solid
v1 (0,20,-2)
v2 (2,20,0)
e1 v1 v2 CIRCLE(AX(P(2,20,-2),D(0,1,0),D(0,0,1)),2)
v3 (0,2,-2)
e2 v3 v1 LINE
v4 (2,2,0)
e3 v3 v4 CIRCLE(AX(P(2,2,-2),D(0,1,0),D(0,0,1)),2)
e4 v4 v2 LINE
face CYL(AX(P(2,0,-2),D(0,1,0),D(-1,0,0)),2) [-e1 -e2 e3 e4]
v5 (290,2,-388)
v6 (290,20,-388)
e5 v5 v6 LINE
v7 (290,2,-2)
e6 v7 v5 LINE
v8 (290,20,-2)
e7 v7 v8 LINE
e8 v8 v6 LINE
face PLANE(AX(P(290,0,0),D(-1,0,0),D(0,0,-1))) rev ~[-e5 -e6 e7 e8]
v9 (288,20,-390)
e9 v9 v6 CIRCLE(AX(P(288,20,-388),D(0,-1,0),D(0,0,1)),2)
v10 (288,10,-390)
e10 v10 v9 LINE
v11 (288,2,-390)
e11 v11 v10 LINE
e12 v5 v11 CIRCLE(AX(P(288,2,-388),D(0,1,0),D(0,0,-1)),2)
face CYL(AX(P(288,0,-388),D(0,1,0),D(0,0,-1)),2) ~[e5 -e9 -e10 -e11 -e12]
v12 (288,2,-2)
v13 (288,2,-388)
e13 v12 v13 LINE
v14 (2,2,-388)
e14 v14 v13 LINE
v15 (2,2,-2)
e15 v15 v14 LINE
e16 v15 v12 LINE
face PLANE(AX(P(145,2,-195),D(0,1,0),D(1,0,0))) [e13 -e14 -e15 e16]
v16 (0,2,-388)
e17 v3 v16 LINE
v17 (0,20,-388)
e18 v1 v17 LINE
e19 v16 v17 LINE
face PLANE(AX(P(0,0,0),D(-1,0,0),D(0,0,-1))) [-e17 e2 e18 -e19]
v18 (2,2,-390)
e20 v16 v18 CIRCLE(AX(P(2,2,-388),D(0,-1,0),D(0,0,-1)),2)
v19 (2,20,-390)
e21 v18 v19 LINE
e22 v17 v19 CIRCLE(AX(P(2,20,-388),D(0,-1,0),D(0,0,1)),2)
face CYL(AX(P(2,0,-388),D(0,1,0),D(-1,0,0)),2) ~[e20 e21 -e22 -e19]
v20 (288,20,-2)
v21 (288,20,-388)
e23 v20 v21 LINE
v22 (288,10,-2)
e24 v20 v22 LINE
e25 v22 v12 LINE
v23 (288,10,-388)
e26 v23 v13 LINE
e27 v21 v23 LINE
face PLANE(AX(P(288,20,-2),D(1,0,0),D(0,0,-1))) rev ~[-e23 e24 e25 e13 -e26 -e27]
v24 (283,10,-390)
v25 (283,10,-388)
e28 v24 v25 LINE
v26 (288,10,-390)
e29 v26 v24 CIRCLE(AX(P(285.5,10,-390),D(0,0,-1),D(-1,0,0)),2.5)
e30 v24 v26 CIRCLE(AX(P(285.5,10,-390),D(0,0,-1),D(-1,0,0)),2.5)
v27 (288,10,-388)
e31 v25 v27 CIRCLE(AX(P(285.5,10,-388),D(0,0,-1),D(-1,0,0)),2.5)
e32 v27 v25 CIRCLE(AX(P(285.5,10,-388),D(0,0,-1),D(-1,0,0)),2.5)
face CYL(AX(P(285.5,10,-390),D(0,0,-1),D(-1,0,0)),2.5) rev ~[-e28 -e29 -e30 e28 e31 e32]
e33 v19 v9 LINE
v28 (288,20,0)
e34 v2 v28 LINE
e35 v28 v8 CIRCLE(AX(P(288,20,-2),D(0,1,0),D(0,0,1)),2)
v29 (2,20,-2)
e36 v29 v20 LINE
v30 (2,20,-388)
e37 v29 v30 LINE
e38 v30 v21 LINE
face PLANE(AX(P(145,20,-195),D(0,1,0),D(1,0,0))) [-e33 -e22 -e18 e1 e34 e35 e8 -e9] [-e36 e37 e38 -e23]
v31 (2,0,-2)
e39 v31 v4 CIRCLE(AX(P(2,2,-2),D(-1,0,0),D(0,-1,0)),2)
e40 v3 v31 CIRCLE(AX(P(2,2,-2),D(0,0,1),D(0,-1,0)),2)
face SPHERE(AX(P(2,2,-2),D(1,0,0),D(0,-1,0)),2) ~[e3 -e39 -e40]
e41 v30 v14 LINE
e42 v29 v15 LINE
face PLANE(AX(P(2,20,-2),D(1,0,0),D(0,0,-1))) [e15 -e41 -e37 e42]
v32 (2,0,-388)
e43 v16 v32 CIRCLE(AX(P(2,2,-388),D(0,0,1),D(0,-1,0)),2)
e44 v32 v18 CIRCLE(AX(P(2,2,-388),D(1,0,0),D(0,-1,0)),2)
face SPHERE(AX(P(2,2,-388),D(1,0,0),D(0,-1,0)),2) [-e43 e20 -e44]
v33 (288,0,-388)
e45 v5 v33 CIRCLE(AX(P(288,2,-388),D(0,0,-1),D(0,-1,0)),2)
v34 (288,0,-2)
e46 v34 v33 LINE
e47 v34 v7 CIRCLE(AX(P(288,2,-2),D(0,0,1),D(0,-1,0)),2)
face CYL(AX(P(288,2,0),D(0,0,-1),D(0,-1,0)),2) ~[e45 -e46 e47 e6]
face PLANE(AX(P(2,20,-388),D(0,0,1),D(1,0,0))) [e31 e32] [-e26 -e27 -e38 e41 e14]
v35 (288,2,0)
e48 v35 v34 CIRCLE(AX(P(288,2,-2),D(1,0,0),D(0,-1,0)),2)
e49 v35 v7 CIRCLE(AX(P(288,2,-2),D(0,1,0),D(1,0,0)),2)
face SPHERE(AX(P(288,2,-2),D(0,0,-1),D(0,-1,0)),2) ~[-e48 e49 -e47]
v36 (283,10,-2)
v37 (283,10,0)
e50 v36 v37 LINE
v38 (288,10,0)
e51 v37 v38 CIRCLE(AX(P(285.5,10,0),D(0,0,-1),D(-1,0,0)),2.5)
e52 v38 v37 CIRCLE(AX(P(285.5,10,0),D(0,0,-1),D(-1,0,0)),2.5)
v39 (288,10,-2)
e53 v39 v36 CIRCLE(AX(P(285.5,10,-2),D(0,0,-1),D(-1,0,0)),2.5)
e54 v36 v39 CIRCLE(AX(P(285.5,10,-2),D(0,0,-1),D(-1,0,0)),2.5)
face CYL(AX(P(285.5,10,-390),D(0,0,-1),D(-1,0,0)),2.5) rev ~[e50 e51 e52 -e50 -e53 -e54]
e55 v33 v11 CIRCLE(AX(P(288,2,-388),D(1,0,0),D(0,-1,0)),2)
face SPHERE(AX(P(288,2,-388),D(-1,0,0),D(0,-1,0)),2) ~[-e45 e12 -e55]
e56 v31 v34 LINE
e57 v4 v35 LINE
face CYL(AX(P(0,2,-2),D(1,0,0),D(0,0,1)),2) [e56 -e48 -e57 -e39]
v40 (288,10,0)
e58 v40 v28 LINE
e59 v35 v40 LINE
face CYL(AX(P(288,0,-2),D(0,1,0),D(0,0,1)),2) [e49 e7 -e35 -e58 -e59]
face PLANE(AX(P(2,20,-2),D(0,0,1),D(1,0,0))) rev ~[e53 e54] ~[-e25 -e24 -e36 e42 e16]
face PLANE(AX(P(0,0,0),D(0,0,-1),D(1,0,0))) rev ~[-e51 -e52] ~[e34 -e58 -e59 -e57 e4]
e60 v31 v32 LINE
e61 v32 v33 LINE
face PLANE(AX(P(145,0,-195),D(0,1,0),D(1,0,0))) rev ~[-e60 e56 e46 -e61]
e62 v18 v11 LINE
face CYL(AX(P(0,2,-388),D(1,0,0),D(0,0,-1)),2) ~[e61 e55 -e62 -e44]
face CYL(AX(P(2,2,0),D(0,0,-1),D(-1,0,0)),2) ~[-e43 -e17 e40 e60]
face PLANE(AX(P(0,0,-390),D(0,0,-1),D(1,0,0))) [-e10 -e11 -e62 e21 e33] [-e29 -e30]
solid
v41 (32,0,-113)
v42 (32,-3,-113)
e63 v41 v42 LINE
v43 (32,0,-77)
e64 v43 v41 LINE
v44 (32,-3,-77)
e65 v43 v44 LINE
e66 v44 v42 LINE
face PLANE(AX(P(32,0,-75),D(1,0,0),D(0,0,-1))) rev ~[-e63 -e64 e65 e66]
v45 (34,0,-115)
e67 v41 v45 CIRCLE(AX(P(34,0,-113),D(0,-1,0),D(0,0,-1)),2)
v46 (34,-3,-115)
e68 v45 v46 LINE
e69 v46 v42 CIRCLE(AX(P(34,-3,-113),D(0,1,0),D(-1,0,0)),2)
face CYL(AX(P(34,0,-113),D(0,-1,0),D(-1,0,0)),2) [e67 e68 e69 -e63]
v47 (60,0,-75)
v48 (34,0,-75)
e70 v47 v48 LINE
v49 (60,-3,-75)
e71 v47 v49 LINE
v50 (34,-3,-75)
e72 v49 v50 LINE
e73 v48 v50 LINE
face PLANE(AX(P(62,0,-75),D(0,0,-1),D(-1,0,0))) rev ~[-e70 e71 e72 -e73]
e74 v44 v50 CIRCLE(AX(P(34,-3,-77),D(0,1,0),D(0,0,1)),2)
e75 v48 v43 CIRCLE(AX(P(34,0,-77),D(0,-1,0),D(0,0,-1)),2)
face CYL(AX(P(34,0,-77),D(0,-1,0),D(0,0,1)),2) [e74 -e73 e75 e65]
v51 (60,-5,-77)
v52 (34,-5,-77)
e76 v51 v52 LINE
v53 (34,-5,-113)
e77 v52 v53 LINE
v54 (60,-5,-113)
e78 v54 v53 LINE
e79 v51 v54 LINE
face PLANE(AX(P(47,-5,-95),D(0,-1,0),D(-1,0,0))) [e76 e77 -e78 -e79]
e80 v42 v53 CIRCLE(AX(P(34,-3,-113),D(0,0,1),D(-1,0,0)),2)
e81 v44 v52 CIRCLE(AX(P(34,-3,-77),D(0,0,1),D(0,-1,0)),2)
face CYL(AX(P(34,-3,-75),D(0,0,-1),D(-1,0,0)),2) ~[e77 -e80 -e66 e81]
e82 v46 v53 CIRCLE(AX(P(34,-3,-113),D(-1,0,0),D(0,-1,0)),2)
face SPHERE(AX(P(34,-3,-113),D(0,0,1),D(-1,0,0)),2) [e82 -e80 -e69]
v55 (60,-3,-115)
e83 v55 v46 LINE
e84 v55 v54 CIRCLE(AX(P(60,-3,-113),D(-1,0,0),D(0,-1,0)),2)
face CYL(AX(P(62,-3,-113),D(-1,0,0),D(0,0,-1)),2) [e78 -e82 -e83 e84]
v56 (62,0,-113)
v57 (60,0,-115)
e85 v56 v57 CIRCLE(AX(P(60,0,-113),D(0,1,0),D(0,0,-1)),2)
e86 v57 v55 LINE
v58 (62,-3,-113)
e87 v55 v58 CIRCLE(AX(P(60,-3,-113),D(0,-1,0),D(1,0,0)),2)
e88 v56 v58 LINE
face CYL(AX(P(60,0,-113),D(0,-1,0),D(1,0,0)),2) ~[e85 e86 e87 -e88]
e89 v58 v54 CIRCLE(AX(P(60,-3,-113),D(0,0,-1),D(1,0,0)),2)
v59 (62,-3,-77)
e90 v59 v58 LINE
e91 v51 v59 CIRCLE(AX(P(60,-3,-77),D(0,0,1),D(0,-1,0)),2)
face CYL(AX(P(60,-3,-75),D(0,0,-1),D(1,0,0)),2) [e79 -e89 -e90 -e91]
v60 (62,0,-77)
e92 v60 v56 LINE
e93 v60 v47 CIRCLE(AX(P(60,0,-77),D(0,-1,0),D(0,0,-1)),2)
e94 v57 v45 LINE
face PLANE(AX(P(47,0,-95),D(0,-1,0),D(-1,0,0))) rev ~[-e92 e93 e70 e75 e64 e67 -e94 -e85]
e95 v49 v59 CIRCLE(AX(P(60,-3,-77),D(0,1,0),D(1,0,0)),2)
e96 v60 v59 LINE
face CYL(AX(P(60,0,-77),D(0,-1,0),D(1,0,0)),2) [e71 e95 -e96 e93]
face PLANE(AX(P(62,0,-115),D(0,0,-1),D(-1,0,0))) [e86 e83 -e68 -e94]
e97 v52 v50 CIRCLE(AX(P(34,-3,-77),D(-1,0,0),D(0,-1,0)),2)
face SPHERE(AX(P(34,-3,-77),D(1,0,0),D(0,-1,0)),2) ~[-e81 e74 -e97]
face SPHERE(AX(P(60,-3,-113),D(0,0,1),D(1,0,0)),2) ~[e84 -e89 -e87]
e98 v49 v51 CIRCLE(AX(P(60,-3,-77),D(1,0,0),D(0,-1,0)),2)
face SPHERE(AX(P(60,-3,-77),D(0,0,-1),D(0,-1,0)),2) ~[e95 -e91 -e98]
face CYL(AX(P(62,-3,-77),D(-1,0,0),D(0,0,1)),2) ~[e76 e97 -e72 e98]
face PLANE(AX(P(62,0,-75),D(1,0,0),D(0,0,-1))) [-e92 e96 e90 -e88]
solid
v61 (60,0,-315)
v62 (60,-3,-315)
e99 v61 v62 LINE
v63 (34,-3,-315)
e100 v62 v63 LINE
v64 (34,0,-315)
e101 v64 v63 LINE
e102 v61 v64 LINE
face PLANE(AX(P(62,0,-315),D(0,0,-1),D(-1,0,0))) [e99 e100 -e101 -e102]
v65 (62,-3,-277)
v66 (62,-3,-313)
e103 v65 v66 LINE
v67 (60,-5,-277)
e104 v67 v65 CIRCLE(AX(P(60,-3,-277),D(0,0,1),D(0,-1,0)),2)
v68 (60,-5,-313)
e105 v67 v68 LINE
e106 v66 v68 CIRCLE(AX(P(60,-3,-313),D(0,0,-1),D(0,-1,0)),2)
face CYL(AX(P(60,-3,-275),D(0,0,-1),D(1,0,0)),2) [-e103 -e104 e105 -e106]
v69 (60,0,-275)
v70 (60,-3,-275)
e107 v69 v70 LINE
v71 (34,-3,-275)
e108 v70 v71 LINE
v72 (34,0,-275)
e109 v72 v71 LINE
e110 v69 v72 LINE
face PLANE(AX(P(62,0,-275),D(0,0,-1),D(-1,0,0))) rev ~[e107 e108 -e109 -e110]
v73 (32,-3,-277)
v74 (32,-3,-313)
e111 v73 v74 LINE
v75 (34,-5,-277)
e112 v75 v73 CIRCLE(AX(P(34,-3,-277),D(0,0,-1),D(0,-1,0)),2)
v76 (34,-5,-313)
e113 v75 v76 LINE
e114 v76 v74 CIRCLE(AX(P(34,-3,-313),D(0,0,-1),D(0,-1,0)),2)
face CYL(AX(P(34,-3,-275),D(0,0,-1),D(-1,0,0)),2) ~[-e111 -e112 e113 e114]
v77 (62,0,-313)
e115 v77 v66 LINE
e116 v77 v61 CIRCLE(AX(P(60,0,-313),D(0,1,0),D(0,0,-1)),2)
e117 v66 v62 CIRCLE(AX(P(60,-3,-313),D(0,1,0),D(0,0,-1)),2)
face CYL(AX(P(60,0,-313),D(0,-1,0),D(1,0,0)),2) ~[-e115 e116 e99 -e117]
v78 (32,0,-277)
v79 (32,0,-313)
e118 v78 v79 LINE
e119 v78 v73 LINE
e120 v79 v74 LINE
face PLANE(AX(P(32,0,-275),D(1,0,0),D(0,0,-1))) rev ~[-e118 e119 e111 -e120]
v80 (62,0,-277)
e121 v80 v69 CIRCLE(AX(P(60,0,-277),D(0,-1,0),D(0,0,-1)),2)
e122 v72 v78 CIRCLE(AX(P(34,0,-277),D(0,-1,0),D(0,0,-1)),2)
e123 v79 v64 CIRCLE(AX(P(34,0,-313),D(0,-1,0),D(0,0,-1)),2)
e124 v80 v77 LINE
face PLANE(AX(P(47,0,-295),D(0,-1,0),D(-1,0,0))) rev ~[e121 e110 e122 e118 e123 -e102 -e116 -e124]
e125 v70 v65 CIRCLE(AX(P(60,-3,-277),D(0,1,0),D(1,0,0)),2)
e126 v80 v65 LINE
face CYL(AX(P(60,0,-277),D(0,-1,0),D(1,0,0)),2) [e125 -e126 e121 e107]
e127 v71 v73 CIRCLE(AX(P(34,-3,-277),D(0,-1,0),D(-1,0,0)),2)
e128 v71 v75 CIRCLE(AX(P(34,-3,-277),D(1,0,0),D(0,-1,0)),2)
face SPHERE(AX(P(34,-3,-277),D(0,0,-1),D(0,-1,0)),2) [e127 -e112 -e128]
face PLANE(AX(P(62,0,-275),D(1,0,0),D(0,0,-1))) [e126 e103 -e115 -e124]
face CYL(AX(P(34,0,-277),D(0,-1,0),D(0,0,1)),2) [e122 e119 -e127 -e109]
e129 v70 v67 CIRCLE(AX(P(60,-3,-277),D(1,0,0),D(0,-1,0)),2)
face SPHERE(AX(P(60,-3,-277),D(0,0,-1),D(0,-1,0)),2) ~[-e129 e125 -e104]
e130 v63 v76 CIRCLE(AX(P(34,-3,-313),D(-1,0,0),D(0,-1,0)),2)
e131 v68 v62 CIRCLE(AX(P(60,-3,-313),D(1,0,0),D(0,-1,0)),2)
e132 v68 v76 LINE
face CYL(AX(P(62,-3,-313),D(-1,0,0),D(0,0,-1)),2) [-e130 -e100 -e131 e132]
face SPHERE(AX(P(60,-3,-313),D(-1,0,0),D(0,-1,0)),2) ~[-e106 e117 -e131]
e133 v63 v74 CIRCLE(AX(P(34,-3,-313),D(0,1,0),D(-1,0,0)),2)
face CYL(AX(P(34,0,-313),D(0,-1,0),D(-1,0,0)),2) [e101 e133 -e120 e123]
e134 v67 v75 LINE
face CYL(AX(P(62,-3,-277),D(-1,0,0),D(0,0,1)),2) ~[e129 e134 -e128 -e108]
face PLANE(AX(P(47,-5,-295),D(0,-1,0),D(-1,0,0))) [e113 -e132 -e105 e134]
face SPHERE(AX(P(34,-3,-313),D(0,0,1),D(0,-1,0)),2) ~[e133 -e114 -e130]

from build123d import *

# Parameters (mm, degrees)
SKETCH1_W             = 290
SKETCH1_H             = 390
BOSS_EXTRUDE1_DEPTH   = 20
SKETCH2_W             = 286
SKETCH2_H             = 386
CUT_EXTRUDE1_DEPTH    = 18
FILLET1_R             = 2
SKETCH3_R             = 2.5
CUT_EXTRUDE2_DEPTH    = 391
SKETCH4_W             = 30
SKETCH4_H             = 40
BOSS_EXTRUDE2_DEPTH   = 5
BOSS_EXTRUDE2_2_DEPTH = 5
FILLET2_R             = 2
FILLET3_R             = 2


with BuildPart() as part:
    # Sketch1 → Boss-Extrude1 (new body)
    with BuildSketch(Plane(origin=(0, 0, 0), x_dir=(1, 0, 0), z_dir=(0, 1, 0))):
        with Locations((145, 195)):
            Rectangle(SKETCH1_W, SKETCH1_H)
    extrude(amount=BOSS_EXTRUDE1_DEPTH)

    # Sketch2 → Cut-Extrude1 (cut)
    with BuildSketch(Plane(origin=(0, 20, 0), x_dir=(1, 0, 0), z_dir=(0, 1, 0))):
        with Locations((145, 195)):
            Rectangle(SKETCH2_W, SKETCH2_H)
    extrude(amount=-CUT_EXTRUDE1_DEPTH, mode=Mode.SUBTRACT)

    # Fillet1
    fillet1_edges = [part.edges().sort_by_distance(p)[0] for p in [
        (145, 0, -390),
        (290, 0, -195),
        (145, 0, 0),
        (0, 0, -195),
        (0, 10, -390),
        (290, 10, -390),
        (290, 10, 0),
        (0, 10, 0),
    ]]
    fillet(fillet1_edges, radius=FILLET1_R)

    # Sketch3 → Cut-Extrude2 (cut, through all)
    with BuildSketch(Plane(origin=(0, 0, -390), x_dir=(-1, 0, 0), z_dir=(0, 0, -1))):
        with Locations((-285.5, 10)):
            Circle(SKETCH3_R)
    extrude(amount=-CUT_EXTRUDE2_DEPTH, mode=Mode.SUBTRACT)


with BuildPart() as body_2:
    # Sketch4 → Boss-Extrude2 (new body)
    with BuildSketch(Plane(origin=(0, 0, 0), x_dir=(-1, 0, 0), z_dir=(0, -1, 0))):
        with Locations((-47, 95)):
            Rectangle(SKETCH4_W, SKETCH4_H)
    extrude(amount=BOSS_EXTRUDE2_DEPTH)

    # Fillet2
    fillet2_edges = [body_2.edges().sort_by_distance(p)[0] for p in [
        (62, -5, -95),
        (47, -5, -75),
        (32, -5, -95),
        (32, -2.5, -75),
        (62, -2.5, -75),
        (62, -2.5, -115),
        (32, -2.5, -115),
        (47, -5, -115),
    ]]
    fillet(fillet2_edges, radius=FILLET2_R)


with BuildPart() as body_3:
    # Sketch4 → Boss-Extrude2 2 (new body)
    with BuildSketch(Plane(origin=(0, 0, 0), x_dir=(-1, 0, 0), z_dir=(0, -1, 0))):
        with Locations((-47, 295)):
            Rectangle(SKETCH4_W, SKETCH4_H)
    extrude(amount=BOSS_EXTRUDE2_2_DEPTH)

    # Fillet3
    fillet3_edges = [body_3.edges().sort_by_distance(p)[0] for p in [
        (32, -5, -295),
        (47, -5, -315),
        (62, -5, -295),
        (47, -5, -275),
        (32, -2.5, -275),
        (62, -2.5, -275),
        (62, -2.5, -315),
        (32, -2.5, -315),
    ]]
    fillet(fillet3_edges, radius=FILLET3_R)


solid = Compound([part.part, body_2.part, body_3.part])
